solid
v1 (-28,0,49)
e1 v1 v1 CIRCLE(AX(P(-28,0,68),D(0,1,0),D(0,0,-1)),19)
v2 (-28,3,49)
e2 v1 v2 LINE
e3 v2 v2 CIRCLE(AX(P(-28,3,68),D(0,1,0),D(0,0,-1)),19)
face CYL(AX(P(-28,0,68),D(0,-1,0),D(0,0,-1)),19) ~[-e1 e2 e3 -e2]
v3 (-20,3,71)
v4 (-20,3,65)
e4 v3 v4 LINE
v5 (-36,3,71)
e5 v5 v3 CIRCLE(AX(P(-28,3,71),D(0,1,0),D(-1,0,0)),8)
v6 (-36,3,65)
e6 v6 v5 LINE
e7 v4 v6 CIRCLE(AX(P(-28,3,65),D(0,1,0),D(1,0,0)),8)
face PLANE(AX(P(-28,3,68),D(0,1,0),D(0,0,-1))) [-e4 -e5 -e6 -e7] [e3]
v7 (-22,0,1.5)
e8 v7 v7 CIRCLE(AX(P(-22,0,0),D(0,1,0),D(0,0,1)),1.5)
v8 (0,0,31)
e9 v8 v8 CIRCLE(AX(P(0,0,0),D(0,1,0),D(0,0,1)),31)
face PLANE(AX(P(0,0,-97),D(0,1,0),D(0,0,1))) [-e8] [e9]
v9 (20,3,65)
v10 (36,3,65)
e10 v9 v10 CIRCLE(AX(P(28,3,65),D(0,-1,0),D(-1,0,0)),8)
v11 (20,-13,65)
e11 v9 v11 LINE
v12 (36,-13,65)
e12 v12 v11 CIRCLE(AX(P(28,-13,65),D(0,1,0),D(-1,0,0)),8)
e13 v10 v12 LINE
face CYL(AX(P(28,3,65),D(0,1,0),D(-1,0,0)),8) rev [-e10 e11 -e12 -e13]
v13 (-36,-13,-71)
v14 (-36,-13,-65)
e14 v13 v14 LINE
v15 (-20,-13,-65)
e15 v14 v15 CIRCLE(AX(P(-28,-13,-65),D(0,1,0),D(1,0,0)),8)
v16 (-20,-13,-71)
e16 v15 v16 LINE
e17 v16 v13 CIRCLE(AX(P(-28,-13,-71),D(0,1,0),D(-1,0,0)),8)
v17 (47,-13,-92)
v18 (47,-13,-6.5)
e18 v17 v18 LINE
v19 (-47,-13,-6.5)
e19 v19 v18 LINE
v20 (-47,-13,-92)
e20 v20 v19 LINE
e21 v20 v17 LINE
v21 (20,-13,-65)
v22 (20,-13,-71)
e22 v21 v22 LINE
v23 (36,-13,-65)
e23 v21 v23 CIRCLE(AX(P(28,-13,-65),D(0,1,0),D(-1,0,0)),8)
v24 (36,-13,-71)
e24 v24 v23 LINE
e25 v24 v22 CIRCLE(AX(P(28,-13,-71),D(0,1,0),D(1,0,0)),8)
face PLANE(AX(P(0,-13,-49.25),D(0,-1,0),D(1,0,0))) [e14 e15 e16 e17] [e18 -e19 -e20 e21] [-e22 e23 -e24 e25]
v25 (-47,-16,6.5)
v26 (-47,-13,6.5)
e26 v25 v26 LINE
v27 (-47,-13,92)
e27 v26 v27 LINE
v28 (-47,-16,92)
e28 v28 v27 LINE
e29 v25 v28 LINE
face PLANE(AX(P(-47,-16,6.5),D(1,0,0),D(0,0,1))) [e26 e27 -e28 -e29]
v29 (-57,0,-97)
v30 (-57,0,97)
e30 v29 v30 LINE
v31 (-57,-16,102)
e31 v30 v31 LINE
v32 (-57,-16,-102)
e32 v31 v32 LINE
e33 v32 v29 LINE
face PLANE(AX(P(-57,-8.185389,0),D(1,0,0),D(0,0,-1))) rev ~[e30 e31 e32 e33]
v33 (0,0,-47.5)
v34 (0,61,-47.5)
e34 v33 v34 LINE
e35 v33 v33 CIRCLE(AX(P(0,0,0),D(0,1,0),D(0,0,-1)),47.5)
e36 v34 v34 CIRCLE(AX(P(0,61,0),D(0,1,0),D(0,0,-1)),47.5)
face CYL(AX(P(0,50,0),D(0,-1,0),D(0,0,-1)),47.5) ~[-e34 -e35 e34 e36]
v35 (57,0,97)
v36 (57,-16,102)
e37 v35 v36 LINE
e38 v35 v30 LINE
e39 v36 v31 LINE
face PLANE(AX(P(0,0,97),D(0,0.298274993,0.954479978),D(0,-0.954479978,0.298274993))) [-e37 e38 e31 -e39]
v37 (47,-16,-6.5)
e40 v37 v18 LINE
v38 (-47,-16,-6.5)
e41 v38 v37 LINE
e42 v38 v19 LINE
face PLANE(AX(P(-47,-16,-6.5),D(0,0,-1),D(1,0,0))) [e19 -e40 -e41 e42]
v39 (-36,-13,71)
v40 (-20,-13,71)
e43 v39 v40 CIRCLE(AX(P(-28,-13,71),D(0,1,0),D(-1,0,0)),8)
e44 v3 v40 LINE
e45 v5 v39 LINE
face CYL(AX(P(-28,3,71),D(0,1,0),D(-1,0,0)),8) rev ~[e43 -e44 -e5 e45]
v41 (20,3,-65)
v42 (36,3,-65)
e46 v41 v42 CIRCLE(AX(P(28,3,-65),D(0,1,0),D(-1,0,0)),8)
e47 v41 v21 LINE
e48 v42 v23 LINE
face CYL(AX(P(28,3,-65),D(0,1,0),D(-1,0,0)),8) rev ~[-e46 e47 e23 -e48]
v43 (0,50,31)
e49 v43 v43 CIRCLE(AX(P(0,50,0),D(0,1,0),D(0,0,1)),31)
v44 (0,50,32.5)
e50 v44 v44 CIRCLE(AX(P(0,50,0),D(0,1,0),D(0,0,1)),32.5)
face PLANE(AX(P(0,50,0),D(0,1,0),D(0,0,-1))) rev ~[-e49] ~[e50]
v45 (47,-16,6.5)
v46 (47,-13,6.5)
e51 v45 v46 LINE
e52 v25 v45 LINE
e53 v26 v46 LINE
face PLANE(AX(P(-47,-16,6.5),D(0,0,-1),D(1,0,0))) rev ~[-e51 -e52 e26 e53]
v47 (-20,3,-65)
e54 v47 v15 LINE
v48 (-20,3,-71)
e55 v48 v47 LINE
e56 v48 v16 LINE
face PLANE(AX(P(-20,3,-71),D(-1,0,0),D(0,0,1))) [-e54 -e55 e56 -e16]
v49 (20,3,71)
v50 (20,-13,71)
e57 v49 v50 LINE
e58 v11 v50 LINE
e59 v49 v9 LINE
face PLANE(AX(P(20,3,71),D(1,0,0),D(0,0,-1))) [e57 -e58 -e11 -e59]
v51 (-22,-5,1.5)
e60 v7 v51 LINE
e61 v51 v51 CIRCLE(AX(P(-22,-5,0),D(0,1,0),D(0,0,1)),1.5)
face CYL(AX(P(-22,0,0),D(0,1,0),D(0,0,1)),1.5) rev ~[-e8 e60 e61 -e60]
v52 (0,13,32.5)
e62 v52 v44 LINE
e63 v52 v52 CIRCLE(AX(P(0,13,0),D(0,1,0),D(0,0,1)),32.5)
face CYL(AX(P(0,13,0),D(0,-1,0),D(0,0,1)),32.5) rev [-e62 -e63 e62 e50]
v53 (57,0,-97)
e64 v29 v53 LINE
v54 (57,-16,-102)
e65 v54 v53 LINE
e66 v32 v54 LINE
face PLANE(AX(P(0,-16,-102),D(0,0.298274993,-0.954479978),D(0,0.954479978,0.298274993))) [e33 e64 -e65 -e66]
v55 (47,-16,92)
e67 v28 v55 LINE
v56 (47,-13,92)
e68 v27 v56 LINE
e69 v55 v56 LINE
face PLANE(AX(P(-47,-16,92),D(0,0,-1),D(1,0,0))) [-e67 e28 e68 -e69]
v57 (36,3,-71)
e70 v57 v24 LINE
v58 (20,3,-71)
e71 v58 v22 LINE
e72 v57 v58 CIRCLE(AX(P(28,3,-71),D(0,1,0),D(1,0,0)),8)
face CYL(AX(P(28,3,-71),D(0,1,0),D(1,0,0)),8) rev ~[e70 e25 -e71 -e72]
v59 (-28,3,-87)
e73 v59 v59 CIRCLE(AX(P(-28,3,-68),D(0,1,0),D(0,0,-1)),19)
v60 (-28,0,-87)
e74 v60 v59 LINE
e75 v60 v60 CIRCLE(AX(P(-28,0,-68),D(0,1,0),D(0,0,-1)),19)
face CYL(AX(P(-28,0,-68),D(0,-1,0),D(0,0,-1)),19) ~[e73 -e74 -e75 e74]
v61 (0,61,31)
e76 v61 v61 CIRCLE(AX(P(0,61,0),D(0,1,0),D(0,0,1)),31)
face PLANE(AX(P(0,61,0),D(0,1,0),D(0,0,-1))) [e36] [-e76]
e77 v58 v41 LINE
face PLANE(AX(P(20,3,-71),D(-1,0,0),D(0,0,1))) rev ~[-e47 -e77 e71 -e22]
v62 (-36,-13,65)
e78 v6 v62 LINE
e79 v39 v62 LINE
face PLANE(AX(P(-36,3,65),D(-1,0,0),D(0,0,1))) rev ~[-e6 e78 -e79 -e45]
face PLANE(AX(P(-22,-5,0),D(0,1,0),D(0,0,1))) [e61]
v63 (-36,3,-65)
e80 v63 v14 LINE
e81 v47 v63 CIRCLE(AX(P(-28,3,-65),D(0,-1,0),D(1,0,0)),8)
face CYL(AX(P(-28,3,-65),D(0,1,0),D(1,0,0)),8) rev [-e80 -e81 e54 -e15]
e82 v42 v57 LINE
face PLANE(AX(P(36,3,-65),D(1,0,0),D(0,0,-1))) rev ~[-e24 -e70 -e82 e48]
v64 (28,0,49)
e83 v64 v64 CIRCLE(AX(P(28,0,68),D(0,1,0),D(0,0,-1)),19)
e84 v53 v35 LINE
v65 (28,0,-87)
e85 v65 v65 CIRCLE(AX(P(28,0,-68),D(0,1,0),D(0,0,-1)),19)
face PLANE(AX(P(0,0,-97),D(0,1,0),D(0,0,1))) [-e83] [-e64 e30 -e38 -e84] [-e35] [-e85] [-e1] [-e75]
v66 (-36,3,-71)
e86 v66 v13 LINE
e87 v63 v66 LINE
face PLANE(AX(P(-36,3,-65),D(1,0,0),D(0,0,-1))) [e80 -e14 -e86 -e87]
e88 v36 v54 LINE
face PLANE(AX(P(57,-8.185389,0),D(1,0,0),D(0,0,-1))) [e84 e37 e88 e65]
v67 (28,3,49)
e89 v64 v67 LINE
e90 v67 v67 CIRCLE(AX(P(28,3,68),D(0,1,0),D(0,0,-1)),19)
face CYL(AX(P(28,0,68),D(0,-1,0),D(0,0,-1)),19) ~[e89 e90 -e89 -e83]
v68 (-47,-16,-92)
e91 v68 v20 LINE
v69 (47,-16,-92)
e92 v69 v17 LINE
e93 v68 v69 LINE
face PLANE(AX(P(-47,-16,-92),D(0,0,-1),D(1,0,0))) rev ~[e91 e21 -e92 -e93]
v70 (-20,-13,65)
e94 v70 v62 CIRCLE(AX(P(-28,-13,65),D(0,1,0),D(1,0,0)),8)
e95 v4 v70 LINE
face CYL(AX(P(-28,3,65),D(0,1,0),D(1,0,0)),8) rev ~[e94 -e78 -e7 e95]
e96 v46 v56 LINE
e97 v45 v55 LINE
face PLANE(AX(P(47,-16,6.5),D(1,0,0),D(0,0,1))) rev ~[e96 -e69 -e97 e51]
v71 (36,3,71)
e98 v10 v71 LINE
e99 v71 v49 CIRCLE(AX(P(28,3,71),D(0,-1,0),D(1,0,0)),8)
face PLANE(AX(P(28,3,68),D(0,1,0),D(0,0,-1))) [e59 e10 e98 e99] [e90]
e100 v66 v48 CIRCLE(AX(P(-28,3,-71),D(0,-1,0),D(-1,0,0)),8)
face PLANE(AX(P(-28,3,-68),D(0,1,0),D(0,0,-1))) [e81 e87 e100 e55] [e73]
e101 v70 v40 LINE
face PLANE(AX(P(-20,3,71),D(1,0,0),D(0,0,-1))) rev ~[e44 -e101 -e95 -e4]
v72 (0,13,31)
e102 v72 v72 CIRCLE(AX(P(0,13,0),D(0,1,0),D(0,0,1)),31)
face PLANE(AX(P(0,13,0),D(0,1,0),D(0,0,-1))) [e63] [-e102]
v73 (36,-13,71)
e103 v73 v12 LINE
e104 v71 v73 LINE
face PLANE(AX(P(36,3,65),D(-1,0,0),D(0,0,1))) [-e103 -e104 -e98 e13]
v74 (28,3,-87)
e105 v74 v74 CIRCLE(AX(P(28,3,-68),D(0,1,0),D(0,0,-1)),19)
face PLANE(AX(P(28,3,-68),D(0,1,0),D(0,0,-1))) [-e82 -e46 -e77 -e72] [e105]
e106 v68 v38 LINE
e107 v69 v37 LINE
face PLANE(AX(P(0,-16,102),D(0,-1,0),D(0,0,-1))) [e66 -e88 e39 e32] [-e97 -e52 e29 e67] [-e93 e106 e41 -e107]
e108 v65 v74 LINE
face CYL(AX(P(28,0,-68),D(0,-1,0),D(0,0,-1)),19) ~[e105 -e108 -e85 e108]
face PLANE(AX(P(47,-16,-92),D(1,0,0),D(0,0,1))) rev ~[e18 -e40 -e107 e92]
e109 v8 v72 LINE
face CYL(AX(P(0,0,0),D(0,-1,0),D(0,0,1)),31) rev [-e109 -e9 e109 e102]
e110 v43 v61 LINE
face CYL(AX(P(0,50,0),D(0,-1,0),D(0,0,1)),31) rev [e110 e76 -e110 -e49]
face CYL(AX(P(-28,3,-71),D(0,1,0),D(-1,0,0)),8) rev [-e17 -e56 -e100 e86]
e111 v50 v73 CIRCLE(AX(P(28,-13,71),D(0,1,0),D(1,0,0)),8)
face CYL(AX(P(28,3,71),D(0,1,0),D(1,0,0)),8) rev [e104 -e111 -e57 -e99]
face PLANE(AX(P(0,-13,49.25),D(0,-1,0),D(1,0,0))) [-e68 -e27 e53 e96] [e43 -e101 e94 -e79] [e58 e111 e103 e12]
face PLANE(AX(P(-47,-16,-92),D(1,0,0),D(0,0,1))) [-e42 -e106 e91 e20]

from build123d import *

# Parameters (mm, degrees)
BOSS_EXTRUDE2_DEPTH = 57
SKETCH3_R           = 47.5
SKETCH3_R_2         = 31
BOSS_EXTRUDE3_DEPTH = 13
SKETCH4_R           = 47.5
SKETCH4_R_2         = 32.5
BOSS_EXTRUDE4_DEPTH = 37
SKETCH5_R           = 47.5
SKETCH5_R_2         = 31
BOSS_EXTRUDE5_DEPTH = 11
SKETCH6_W           = 94
SKETCH6_H           = 85.5
CUT_EXTRUDE1_DEPTH  = 3
SKETCH7_R           = 19
BOSS_EXTRUDE6_DEPTH = 3
CUT_EXTRUDE2_DEPTH  = 20
SKETCH9_R           = 1.5
CUT_EXTRUDE3_DEPTH  = 5


with BuildPart() as part:
    # Sketch1 → Boss-Extrude2 (new body, symmetric)
    with BuildSketch(Plane(origin=(0, 0, 0), x_dir=(0, 0, -1), z_dir=(1, 0, 0))):
        Polygon((-102, -16), (102, -16), (97, 0), (-97, 0), align=None)
    extrude(amount=BOSS_EXTRUDE2_DEPTH, both=True)

    # Sketch3 → Boss-Extrude3 (add)
    with BuildSketch(Plane(origin=(0, 0, 0), x_dir=(1, 0, 0), z_dir=(0, 1, 0))):
        with Locations(Location((0, 0, 0), (0, 0, 90))):  # turned: the seam where the file's is
            Circle(SKETCH3_R)
        with Locations(Location((0, 0, 0), (0, 0, 270))):  # turned: the seam where the file's is
            Circle(SKETCH3_R_2, mode=Mode.SUBTRACT)
    extrude(amount=BOSS_EXTRUDE3_DEPTH)

    # Sketch4 → Boss-Extrude4 (add)
    with BuildSketch(Plane(origin=(0, 13, 0), x_dir=(1, 0, 0), z_dir=(0, 1, 0))):
        with Locations(Location((0, 0, 0), (0, 0, 90))):  # turned: the seam where the file's is
            Circle(SKETCH4_R)
        with Locations(Location((0, 0, 0), (0, 0, 270))):  # turned: the seam where the file's is
            Circle(SKETCH4_R_2, mode=Mode.SUBTRACT)
    extrude(amount=BOSS_EXTRUDE4_DEPTH)

    # Sketch5 → Boss-Extrude5 (add)
    with BuildSketch(Plane(origin=(0, 50, 0), x_dir=(1, 0, 0), z_dir=(0, 1, 0))):
        with Locations(Location((0, 0, 0), (0, 0, 90))):  # turned: the seam where the file's is
            Circle(SKETCH5_R)
        with Locations(Location((0, 0, 0), (0, 0, 270))):  # turned: the seam where the file's is
            Circle(SKETCH5_R_2, mode=Mode.SUBTRACT)
    extrude(amount=BOSS_EXTRUDE5_DEPTH)

    # Sketch6 → Cut-Extrude1 (cut)
    with BuildSketch(Plane.XZ.offset(16)):
        with Locations((0, 49.25)):
            Rectangle(SKETCH6_W, SKETCH6_H)
        with Locations((0, -49.25)):
            Rectangle(SKETCH6_W, SKETCH6_H)
    extrude(amount=-CUT_EXTRUDE1_DEPTH, mode=Mode.SUBTRACT)

    # Sketch7 → Boss-Extrude6 (add)
    with BuildSketch(Plane(origin=(0, 0, 0), x_dir=(1, 0, 0), z_dir=(0, 1, 0))):
        with Locations(Location((-28, -68, 0), (0, 0, 90))):  # turned: the seam where the file's is
            Circle(SKETCH7_R)
        with Locations(Location((28, -68, 0), (0, 0, 90))):  # turned: the seam where the file's is
            Circle(SKETCH7_R)
        with Locations(Location((28, 68, 0), (0, 0, 90))):  # turned: the seam where the file's is
            Circle(SKETCH7_R)
        with Locations(Location((-28, 68, 0), (0, 0, 90))):  # turned: the seam where the file's is
            Circle(SKETCH7_R)
    extrude(amount=BOSS_EXTRUDE6_DEPTH)

    # Sketch8 → Cut-Extrude2 (cut, through all)
    with BuildSketch(Plane(origin=(0, 3, 0), x_dir=(1, 0, 0), z_dir=(0, 1, 0))):
        with BuildLine():
            Line((36, -65), (36, -71))
            ThreePointArc((36, -71), (28, -79), (20, -71))
            Line((20, -71), (20, -65))
            ThreePointArc((20, -65), (28, -57), (36, -65))
        make_face()
        with BuildLine():
            Line((-36, -65), (-36, -71))
            ThreePointArc((-36, -71), (-28, -79), (-20, -71))
            Line((-20, -71), (-20, -65))
            ThreePointArc((-20, -65), (-28, -57), (-36, -65))
        make_face()
        with BuildLine():
            Line((36, 65), (36, 71))
            ThreePointArc((36, 71), (28, 79), (20, 71))
            Line((20, 71), (20, 65))
            ThreePointArc((20, 65), (28, 57), (36, 65))
        make_face()
        with BuildLine():
            Line((-36, 65), (-36, 71))
            ThreePointArc((-36, 71), (-28, 79), (-20, 71))
            Line((-20, 71), (-20, 65))
            ThreePointArc((-20, 65), (-28, 57), (-36, 65))
        make_face()
    extrude(amount=-CUT_EXTRUDE2_DEPTH, mode=Mode.SUBTRACT)

    # Sketch9 → Cut-Extrude3 (cut)
    with BuildSketch(Plane(origin=(0, 0, 0), x_dir=(1, 0, 0), z_dir=(0, 1, 0))):
        with Locations(Location((-22, 0, 0), (0, 0, 270))):  # turned: the seam where the file's is
            Circle(SKETCH9_R)
    extrude(amount=-CUT_EXTRUDE3_DEPTH, mode=Mode.SUBTRACT)


solid = part.part
